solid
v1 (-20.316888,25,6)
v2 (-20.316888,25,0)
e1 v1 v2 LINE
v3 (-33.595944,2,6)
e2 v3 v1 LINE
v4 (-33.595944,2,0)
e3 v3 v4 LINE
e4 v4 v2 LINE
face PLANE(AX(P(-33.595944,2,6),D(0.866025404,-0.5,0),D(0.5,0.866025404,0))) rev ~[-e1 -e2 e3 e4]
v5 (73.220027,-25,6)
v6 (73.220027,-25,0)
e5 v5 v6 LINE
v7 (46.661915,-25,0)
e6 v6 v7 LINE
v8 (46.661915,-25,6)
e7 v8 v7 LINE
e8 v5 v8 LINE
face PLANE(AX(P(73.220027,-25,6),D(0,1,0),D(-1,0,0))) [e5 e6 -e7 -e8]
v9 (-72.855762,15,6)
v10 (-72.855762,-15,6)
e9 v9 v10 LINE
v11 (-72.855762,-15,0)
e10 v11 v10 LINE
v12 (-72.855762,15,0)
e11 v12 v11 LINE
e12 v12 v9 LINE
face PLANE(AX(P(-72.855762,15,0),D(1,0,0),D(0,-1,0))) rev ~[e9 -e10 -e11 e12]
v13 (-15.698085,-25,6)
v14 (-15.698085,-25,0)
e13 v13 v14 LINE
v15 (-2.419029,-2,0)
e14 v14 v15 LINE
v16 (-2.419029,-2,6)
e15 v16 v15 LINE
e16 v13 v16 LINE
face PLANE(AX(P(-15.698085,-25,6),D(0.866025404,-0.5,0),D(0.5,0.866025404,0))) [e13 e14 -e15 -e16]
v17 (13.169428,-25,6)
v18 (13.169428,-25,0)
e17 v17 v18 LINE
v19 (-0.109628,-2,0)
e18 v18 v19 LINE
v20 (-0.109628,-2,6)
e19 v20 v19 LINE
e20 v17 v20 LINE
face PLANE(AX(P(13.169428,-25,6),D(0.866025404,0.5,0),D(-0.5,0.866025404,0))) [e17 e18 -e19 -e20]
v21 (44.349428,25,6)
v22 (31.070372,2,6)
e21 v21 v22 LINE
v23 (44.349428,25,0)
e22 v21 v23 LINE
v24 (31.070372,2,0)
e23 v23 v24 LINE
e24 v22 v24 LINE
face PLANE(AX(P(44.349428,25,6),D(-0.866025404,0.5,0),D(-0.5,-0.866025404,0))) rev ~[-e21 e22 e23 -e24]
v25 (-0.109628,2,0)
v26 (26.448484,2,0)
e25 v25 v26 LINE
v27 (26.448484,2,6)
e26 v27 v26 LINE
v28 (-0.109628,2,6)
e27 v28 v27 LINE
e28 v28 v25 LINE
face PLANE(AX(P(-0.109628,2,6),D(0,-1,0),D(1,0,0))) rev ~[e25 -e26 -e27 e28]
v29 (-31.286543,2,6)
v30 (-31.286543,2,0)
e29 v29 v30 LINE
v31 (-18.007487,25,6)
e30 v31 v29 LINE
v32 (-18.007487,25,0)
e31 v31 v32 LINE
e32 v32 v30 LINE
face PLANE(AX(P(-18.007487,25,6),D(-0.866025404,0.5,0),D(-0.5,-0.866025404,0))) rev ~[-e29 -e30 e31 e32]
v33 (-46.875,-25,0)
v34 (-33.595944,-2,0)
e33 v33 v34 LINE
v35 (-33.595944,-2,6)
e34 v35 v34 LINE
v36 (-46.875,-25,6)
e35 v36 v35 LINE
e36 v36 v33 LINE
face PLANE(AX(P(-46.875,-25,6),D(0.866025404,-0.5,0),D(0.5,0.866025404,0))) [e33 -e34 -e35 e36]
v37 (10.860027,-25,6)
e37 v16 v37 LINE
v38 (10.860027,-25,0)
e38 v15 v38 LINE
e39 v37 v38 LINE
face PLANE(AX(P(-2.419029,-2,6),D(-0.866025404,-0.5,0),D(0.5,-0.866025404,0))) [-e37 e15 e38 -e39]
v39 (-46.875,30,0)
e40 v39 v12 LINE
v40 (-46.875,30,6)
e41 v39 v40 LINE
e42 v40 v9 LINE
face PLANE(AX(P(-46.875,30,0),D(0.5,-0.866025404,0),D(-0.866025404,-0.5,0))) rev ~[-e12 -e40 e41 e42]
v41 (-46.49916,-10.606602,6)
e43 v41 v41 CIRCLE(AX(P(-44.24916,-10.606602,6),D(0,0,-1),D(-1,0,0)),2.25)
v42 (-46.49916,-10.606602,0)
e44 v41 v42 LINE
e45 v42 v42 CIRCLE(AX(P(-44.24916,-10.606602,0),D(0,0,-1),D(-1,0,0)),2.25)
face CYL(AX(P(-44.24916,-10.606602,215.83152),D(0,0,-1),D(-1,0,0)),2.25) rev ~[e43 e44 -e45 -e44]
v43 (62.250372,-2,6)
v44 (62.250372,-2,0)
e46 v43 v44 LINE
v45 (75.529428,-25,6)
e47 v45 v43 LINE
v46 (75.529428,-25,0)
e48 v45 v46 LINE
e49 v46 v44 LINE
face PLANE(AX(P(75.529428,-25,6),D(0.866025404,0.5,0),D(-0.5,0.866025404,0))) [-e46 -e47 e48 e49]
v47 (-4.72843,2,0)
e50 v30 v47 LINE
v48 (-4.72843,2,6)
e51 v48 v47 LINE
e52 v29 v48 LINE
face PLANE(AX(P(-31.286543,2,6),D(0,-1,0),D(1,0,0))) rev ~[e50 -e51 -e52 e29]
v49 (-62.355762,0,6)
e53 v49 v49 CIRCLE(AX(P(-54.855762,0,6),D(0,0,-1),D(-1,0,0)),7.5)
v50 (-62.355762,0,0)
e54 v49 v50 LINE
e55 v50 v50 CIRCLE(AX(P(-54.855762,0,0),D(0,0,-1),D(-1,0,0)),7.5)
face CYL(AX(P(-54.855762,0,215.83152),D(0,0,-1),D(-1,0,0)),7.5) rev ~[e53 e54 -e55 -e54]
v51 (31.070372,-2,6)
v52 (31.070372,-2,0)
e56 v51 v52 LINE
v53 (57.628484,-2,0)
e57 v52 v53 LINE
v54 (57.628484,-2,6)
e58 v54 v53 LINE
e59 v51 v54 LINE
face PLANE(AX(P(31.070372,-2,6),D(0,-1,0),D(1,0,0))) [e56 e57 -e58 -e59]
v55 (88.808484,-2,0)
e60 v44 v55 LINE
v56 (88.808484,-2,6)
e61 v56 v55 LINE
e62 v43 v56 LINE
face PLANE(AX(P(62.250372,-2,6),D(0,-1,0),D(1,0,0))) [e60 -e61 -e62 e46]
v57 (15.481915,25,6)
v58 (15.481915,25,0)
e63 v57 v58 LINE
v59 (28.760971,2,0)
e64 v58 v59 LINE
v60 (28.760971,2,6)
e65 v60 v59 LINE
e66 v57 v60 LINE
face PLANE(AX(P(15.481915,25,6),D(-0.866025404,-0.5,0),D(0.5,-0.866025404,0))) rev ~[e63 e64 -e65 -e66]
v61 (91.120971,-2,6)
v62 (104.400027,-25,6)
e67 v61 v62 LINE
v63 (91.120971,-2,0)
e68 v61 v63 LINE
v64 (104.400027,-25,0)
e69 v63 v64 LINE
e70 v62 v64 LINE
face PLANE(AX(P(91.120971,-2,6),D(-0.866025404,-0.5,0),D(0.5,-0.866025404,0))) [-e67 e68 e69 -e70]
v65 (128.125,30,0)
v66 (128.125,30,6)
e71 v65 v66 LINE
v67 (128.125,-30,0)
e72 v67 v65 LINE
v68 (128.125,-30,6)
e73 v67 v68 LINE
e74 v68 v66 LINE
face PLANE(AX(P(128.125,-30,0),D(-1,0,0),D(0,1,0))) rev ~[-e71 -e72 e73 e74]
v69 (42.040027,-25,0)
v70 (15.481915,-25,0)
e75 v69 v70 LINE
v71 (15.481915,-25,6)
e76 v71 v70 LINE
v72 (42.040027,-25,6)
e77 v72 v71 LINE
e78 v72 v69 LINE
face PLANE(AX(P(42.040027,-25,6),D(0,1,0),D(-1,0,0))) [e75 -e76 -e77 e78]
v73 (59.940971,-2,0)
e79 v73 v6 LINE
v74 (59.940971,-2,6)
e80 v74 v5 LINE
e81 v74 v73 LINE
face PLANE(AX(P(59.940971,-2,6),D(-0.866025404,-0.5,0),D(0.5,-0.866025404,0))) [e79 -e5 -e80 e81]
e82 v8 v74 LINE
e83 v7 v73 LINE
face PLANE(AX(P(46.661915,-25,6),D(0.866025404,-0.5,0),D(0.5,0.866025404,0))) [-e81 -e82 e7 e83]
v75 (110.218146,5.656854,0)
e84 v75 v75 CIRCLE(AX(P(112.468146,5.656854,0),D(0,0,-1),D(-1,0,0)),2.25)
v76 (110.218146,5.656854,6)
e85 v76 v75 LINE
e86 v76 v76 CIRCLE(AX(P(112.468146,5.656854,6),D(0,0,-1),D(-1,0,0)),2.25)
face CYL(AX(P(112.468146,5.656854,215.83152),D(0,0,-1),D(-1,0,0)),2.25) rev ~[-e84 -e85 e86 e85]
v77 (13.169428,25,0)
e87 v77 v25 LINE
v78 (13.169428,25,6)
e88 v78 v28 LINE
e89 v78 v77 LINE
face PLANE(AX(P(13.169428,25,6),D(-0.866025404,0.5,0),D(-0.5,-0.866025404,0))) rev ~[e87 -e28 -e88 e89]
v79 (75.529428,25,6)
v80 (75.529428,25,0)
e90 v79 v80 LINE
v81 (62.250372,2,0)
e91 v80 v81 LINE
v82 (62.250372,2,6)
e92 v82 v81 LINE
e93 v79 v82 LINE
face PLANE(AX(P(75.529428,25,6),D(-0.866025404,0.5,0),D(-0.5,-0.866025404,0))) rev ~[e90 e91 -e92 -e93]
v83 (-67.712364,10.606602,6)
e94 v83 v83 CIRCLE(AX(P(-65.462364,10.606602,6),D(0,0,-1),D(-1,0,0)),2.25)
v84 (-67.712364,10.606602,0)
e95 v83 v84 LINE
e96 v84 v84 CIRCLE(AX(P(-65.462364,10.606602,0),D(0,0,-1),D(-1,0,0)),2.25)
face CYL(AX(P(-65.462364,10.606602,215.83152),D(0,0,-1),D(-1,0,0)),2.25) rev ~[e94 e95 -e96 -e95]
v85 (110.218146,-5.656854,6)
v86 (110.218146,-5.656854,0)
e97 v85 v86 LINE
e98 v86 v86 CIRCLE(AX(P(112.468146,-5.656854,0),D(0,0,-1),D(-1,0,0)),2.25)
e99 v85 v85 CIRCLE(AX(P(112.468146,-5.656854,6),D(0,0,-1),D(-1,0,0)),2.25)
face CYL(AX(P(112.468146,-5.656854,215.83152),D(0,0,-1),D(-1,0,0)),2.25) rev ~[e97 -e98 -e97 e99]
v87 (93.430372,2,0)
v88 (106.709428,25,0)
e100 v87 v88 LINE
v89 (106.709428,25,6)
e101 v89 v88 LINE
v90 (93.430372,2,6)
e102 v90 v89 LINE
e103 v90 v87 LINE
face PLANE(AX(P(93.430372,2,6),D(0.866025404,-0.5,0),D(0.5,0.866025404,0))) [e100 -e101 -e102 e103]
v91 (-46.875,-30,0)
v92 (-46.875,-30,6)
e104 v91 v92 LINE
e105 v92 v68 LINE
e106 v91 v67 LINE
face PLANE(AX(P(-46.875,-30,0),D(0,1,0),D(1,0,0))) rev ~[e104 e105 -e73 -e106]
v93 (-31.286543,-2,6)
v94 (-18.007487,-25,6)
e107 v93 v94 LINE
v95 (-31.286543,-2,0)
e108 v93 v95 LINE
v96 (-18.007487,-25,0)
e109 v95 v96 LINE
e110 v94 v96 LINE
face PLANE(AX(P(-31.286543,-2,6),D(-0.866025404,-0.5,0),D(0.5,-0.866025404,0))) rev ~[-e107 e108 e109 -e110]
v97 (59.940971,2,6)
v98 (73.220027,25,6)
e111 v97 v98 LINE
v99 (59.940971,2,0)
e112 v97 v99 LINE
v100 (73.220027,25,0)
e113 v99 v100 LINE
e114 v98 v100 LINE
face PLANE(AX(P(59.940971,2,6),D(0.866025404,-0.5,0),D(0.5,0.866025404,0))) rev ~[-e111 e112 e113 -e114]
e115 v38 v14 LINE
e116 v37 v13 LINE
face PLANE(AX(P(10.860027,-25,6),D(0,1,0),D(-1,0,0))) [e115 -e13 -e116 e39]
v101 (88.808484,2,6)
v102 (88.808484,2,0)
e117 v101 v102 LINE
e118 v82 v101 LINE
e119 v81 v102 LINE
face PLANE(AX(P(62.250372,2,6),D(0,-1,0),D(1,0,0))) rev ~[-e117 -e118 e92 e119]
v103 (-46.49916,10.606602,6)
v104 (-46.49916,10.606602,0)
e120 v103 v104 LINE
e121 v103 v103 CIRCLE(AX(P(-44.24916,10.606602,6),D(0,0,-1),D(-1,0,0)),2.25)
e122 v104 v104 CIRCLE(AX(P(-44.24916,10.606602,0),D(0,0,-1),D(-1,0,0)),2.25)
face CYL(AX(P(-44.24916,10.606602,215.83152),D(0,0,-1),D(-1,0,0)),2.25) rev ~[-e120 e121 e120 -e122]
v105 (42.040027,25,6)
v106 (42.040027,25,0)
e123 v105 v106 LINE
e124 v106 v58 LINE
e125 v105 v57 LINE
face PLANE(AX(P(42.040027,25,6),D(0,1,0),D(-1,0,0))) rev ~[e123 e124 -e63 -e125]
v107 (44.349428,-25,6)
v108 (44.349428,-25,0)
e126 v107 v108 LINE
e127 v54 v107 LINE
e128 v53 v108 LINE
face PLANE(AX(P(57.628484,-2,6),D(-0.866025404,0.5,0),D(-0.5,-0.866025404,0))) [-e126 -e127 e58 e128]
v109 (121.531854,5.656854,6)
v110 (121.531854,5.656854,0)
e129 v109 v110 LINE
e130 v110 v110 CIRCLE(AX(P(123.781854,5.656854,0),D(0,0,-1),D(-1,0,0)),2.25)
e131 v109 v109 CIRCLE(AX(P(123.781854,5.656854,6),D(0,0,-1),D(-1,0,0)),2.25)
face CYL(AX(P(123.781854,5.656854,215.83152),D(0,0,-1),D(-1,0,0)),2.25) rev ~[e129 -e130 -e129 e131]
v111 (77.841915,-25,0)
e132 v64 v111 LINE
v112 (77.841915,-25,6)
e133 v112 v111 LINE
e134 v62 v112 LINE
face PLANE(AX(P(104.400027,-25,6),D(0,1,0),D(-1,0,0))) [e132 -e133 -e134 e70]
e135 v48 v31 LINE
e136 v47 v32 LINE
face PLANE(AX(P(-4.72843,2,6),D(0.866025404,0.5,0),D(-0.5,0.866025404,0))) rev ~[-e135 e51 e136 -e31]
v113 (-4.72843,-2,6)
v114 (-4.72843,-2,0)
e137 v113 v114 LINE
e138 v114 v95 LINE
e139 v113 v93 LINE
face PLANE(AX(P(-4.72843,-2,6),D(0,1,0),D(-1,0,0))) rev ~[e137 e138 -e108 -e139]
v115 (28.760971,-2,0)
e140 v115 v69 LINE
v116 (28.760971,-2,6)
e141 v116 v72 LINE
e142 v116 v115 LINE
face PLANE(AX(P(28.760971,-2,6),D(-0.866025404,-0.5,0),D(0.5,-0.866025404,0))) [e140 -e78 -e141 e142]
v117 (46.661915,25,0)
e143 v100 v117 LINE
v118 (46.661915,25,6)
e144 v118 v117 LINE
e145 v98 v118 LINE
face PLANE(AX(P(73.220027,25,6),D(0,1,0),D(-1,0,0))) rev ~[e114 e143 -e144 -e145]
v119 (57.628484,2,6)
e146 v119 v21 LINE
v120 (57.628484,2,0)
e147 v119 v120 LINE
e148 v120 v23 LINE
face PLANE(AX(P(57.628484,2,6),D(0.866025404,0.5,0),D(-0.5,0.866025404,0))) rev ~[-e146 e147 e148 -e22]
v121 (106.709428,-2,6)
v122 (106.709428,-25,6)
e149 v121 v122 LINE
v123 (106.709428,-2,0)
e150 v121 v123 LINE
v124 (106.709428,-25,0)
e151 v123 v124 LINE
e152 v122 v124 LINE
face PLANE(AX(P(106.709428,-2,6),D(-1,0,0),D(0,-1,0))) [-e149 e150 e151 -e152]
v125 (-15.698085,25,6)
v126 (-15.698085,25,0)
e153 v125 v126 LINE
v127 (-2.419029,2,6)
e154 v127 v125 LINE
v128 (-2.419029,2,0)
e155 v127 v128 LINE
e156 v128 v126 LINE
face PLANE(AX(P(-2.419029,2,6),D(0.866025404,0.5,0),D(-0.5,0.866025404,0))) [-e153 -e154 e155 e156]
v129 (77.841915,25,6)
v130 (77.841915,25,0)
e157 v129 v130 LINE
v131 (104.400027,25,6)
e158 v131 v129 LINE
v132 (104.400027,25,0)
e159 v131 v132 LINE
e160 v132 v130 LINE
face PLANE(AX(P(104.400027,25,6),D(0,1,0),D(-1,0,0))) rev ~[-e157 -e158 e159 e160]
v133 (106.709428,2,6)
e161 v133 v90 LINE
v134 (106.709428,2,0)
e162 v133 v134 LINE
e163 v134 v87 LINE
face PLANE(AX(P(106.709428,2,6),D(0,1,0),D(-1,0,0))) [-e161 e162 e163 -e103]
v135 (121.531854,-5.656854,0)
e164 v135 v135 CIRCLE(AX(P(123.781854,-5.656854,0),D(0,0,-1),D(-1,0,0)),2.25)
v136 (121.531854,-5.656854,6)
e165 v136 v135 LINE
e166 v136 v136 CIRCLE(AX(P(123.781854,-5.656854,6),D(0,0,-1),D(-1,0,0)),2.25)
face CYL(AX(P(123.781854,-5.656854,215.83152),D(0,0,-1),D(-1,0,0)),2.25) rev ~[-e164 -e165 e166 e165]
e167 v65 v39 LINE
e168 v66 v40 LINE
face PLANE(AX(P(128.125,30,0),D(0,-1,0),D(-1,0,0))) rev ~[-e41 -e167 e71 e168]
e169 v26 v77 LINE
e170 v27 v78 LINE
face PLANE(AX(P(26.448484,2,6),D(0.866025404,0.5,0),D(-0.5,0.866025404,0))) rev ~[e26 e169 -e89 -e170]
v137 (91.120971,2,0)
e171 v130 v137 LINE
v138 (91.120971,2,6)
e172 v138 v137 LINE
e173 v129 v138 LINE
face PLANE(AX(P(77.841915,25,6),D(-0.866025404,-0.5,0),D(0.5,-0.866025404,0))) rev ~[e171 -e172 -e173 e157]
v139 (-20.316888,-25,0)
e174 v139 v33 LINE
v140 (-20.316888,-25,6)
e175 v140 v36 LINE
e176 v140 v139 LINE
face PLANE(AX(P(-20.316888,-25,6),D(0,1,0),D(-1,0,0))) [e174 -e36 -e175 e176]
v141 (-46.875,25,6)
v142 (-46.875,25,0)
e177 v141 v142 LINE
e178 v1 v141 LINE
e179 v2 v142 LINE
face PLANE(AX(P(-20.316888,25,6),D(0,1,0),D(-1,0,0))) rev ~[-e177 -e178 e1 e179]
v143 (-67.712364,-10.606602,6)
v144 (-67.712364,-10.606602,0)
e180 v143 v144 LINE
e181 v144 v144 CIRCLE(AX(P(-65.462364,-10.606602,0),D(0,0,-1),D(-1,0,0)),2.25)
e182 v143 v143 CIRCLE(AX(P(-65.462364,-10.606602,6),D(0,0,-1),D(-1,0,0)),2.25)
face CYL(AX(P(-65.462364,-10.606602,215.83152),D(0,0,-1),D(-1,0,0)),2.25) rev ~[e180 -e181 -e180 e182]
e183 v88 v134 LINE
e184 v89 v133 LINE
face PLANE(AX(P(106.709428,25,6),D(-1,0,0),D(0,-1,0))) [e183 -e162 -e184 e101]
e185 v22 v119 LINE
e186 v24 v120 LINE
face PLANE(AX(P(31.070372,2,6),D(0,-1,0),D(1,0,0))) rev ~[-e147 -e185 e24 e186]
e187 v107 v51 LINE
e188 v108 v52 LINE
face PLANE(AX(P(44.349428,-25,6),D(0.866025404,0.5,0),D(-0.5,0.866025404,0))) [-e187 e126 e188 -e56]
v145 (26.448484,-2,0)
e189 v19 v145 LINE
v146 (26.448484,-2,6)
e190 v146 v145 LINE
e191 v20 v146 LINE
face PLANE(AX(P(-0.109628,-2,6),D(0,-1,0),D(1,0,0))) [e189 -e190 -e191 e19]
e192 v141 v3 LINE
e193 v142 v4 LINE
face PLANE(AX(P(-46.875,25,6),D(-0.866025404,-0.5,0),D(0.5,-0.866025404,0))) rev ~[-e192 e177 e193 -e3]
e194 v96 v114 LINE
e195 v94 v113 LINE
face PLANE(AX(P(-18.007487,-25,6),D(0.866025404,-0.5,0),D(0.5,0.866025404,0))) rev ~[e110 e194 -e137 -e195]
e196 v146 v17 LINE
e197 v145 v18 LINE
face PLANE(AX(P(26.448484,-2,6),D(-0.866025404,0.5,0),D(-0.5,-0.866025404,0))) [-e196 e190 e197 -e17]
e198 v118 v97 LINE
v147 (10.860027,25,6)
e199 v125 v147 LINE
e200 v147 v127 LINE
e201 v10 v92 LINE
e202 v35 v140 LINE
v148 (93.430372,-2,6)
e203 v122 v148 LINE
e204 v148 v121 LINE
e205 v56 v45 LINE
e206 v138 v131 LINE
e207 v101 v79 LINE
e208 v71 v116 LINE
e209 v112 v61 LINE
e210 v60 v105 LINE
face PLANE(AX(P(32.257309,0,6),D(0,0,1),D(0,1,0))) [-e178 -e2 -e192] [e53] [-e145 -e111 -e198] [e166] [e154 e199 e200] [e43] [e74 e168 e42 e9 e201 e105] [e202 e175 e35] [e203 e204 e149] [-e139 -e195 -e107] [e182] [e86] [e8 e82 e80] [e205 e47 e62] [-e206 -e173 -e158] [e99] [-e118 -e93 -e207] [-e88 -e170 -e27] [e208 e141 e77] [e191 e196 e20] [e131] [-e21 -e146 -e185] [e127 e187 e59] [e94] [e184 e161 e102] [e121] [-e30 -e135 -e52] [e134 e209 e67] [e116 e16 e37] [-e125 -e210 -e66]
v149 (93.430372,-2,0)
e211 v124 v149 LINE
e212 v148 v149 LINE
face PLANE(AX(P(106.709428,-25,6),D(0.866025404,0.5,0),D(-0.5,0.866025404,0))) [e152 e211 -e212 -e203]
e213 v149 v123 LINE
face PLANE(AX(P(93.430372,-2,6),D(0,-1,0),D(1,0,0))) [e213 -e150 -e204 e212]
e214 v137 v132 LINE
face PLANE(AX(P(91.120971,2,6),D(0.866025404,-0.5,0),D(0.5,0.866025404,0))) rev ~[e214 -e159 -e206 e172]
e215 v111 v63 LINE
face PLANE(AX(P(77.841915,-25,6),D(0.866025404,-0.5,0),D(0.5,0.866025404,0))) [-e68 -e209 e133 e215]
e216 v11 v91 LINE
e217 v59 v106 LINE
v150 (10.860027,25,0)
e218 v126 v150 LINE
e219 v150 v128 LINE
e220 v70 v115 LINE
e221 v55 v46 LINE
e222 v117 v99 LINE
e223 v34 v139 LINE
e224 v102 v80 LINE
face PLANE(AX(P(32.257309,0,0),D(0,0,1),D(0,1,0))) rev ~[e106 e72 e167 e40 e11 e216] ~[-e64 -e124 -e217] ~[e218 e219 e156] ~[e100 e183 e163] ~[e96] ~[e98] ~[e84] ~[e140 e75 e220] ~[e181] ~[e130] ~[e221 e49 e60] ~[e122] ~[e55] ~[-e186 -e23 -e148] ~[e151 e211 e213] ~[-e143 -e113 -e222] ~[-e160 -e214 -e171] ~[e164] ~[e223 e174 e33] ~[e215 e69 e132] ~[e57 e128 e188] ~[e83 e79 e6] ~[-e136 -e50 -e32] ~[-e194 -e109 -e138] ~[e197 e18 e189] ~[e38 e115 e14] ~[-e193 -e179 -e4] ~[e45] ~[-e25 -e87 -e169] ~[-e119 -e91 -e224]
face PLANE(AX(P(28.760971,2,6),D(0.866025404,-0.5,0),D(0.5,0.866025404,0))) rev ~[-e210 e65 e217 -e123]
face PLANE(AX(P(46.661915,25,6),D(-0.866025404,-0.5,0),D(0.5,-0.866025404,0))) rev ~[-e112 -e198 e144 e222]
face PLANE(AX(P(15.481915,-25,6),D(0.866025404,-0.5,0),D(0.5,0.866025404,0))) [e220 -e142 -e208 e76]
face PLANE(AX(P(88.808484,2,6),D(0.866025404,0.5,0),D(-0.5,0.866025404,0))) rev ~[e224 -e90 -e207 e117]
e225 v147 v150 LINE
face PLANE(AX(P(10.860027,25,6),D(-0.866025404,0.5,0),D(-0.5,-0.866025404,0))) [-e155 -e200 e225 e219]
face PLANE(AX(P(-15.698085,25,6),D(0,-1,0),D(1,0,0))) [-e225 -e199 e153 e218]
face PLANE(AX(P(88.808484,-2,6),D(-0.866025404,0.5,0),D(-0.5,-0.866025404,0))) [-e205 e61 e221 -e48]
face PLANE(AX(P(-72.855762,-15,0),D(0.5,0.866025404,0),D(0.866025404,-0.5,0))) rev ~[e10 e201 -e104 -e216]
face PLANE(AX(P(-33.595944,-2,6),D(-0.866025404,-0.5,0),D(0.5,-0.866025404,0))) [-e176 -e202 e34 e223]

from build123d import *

# Parameters (mm, degrees)
BOSS_EXTRUDE1_DEPTH = 6
CUT_EXTRUDE3_DEPTH  = 132.727049709
HOLE1_D             = 15
HOLE3_D             = 4.5
HOLE4_D             = 4.5


with BuildPart() as part:
    # Sketch1 → Boss-Extrude1 (new body)
    with BuildSketch(Plane(origin=(0, 0, 0), x_dir=(0, 1, 0), z_dir=(0, 0, 1))):
        Polygon((-30, 46.875), (-30, -128.125), (30, -128.125), (30, 46.875), (15, 72.855762114), (-15, 72.855762114), align=None)
    extrude(amount=BOSS_EXTRUDE1_DEPTH)

    # Sketch2 → Cut-Extrude3 (cut, through all)
    with BuildSketch(Plane.XY.offset(6)):
        Polygon((-31.286542732, 2), (-4.728430349, 2), (-18.007486541, 25), align=None)
        Polygon((106.709427996, -25), (93.430371804, -2), (106.709427996, -2), align=None)
        Polygon((-15.698085464, 25), (10.860026919, 25), (-2.419029272, 2), align=None)
        Polygon((106.709427996, 25), (106.709427996, 2), (93.430371804, 2), align=None)
        Polygon((-0.109628196, 2), (26.448484187, 2), (13.169427996, 25), align=None)
        Polygon((-46.875, 25), (-33.595943809, 2), (-20.316887617, 25), align=None)
        Polygon((15.481914536, 25), (28.760970728, 2), (42.040026919, 25), align=None)
        Polygon((44.349427996, 25), (31.070371804, 2), (57.628484187, 2), align=None)
        Polygon((46.661914536, 25), (59.940970728, 2), (73.220026919, 25), align=None)
        Polygon((75.529427996, 25), (62.250371804, 2), (88.808484187, 2), align=None)
        Polygon((77.841914536, 25), (91.120970728, 2), (104.400026919, 25), align=None)
        Polygon((77.841914536, -25), (91.120970728, -2), (104.400026919, -25), align=None)
        Polygon((75.529427996, -25), (62.250371804, -2), (88.808484187, -2), align=None)
        Polygon((46.661914536, -25), (59.940970728, -2), (73.220026919, -25), align=None)
        Polygon((44.349427996, -25), (31.070371804, -2), (57.628484187, -2), align=None)
        Polygon((15.481914536, -25), (28.760970728, -2), (42.040026919, -25), align=None)
        Polygon((13.169427996, -25), (-0.109628196, -2), (26.448484187, -2), align=None)
        Polygon((-15.698085464, -25), (-2.419029272, -2), (10.860026919, -25), align=None)
        Polygon((-18.007486541, -25), (-4.728430349, -2), (-31.286542732, -2), align=None)
        Polygon((-46.875, -25), (-33.595943809, -2), (-20.316887617, -25), align=None)
    extrude(amount=-CUT_EXTRUDE3_DEPTH, mode=Mode.SUBTRACT)

    # Hole1 (through all)
    with Locations(Plane(origin=(-54.855762114, 0, 6), x_dir=(1, 0, 0), z_dir=(0, 0, 1))):
        with Locations((0, 0)):
            Hole(HOLE1_D / 2)

    # Hole3 (through all)
    with Locations(Plane(origin=(-65.462363831, -10.606601718, 6), x_dir=(1, 0, 0), z_dir=(0, 0, 1))):
        with Locations((0, 0), (21.213203435, 0), (0, 21.213203436), (21.213203435, 21.213203436)):
            Hole(HOLE3_D / 2)

    # Hole4 (through all)
    with Locations(Plane(origin=(123.781854249, 5.656854249, 6), x_dir=(1, 0, 0), z_dir=(0, 0, 1))):
        with Locations((0, 0), (0, -11.313708498), (-11.313708498, -11.313708498), (-11.313708498, 0)):
            Hole(HOLE4_D / 2)


solid = part.part
